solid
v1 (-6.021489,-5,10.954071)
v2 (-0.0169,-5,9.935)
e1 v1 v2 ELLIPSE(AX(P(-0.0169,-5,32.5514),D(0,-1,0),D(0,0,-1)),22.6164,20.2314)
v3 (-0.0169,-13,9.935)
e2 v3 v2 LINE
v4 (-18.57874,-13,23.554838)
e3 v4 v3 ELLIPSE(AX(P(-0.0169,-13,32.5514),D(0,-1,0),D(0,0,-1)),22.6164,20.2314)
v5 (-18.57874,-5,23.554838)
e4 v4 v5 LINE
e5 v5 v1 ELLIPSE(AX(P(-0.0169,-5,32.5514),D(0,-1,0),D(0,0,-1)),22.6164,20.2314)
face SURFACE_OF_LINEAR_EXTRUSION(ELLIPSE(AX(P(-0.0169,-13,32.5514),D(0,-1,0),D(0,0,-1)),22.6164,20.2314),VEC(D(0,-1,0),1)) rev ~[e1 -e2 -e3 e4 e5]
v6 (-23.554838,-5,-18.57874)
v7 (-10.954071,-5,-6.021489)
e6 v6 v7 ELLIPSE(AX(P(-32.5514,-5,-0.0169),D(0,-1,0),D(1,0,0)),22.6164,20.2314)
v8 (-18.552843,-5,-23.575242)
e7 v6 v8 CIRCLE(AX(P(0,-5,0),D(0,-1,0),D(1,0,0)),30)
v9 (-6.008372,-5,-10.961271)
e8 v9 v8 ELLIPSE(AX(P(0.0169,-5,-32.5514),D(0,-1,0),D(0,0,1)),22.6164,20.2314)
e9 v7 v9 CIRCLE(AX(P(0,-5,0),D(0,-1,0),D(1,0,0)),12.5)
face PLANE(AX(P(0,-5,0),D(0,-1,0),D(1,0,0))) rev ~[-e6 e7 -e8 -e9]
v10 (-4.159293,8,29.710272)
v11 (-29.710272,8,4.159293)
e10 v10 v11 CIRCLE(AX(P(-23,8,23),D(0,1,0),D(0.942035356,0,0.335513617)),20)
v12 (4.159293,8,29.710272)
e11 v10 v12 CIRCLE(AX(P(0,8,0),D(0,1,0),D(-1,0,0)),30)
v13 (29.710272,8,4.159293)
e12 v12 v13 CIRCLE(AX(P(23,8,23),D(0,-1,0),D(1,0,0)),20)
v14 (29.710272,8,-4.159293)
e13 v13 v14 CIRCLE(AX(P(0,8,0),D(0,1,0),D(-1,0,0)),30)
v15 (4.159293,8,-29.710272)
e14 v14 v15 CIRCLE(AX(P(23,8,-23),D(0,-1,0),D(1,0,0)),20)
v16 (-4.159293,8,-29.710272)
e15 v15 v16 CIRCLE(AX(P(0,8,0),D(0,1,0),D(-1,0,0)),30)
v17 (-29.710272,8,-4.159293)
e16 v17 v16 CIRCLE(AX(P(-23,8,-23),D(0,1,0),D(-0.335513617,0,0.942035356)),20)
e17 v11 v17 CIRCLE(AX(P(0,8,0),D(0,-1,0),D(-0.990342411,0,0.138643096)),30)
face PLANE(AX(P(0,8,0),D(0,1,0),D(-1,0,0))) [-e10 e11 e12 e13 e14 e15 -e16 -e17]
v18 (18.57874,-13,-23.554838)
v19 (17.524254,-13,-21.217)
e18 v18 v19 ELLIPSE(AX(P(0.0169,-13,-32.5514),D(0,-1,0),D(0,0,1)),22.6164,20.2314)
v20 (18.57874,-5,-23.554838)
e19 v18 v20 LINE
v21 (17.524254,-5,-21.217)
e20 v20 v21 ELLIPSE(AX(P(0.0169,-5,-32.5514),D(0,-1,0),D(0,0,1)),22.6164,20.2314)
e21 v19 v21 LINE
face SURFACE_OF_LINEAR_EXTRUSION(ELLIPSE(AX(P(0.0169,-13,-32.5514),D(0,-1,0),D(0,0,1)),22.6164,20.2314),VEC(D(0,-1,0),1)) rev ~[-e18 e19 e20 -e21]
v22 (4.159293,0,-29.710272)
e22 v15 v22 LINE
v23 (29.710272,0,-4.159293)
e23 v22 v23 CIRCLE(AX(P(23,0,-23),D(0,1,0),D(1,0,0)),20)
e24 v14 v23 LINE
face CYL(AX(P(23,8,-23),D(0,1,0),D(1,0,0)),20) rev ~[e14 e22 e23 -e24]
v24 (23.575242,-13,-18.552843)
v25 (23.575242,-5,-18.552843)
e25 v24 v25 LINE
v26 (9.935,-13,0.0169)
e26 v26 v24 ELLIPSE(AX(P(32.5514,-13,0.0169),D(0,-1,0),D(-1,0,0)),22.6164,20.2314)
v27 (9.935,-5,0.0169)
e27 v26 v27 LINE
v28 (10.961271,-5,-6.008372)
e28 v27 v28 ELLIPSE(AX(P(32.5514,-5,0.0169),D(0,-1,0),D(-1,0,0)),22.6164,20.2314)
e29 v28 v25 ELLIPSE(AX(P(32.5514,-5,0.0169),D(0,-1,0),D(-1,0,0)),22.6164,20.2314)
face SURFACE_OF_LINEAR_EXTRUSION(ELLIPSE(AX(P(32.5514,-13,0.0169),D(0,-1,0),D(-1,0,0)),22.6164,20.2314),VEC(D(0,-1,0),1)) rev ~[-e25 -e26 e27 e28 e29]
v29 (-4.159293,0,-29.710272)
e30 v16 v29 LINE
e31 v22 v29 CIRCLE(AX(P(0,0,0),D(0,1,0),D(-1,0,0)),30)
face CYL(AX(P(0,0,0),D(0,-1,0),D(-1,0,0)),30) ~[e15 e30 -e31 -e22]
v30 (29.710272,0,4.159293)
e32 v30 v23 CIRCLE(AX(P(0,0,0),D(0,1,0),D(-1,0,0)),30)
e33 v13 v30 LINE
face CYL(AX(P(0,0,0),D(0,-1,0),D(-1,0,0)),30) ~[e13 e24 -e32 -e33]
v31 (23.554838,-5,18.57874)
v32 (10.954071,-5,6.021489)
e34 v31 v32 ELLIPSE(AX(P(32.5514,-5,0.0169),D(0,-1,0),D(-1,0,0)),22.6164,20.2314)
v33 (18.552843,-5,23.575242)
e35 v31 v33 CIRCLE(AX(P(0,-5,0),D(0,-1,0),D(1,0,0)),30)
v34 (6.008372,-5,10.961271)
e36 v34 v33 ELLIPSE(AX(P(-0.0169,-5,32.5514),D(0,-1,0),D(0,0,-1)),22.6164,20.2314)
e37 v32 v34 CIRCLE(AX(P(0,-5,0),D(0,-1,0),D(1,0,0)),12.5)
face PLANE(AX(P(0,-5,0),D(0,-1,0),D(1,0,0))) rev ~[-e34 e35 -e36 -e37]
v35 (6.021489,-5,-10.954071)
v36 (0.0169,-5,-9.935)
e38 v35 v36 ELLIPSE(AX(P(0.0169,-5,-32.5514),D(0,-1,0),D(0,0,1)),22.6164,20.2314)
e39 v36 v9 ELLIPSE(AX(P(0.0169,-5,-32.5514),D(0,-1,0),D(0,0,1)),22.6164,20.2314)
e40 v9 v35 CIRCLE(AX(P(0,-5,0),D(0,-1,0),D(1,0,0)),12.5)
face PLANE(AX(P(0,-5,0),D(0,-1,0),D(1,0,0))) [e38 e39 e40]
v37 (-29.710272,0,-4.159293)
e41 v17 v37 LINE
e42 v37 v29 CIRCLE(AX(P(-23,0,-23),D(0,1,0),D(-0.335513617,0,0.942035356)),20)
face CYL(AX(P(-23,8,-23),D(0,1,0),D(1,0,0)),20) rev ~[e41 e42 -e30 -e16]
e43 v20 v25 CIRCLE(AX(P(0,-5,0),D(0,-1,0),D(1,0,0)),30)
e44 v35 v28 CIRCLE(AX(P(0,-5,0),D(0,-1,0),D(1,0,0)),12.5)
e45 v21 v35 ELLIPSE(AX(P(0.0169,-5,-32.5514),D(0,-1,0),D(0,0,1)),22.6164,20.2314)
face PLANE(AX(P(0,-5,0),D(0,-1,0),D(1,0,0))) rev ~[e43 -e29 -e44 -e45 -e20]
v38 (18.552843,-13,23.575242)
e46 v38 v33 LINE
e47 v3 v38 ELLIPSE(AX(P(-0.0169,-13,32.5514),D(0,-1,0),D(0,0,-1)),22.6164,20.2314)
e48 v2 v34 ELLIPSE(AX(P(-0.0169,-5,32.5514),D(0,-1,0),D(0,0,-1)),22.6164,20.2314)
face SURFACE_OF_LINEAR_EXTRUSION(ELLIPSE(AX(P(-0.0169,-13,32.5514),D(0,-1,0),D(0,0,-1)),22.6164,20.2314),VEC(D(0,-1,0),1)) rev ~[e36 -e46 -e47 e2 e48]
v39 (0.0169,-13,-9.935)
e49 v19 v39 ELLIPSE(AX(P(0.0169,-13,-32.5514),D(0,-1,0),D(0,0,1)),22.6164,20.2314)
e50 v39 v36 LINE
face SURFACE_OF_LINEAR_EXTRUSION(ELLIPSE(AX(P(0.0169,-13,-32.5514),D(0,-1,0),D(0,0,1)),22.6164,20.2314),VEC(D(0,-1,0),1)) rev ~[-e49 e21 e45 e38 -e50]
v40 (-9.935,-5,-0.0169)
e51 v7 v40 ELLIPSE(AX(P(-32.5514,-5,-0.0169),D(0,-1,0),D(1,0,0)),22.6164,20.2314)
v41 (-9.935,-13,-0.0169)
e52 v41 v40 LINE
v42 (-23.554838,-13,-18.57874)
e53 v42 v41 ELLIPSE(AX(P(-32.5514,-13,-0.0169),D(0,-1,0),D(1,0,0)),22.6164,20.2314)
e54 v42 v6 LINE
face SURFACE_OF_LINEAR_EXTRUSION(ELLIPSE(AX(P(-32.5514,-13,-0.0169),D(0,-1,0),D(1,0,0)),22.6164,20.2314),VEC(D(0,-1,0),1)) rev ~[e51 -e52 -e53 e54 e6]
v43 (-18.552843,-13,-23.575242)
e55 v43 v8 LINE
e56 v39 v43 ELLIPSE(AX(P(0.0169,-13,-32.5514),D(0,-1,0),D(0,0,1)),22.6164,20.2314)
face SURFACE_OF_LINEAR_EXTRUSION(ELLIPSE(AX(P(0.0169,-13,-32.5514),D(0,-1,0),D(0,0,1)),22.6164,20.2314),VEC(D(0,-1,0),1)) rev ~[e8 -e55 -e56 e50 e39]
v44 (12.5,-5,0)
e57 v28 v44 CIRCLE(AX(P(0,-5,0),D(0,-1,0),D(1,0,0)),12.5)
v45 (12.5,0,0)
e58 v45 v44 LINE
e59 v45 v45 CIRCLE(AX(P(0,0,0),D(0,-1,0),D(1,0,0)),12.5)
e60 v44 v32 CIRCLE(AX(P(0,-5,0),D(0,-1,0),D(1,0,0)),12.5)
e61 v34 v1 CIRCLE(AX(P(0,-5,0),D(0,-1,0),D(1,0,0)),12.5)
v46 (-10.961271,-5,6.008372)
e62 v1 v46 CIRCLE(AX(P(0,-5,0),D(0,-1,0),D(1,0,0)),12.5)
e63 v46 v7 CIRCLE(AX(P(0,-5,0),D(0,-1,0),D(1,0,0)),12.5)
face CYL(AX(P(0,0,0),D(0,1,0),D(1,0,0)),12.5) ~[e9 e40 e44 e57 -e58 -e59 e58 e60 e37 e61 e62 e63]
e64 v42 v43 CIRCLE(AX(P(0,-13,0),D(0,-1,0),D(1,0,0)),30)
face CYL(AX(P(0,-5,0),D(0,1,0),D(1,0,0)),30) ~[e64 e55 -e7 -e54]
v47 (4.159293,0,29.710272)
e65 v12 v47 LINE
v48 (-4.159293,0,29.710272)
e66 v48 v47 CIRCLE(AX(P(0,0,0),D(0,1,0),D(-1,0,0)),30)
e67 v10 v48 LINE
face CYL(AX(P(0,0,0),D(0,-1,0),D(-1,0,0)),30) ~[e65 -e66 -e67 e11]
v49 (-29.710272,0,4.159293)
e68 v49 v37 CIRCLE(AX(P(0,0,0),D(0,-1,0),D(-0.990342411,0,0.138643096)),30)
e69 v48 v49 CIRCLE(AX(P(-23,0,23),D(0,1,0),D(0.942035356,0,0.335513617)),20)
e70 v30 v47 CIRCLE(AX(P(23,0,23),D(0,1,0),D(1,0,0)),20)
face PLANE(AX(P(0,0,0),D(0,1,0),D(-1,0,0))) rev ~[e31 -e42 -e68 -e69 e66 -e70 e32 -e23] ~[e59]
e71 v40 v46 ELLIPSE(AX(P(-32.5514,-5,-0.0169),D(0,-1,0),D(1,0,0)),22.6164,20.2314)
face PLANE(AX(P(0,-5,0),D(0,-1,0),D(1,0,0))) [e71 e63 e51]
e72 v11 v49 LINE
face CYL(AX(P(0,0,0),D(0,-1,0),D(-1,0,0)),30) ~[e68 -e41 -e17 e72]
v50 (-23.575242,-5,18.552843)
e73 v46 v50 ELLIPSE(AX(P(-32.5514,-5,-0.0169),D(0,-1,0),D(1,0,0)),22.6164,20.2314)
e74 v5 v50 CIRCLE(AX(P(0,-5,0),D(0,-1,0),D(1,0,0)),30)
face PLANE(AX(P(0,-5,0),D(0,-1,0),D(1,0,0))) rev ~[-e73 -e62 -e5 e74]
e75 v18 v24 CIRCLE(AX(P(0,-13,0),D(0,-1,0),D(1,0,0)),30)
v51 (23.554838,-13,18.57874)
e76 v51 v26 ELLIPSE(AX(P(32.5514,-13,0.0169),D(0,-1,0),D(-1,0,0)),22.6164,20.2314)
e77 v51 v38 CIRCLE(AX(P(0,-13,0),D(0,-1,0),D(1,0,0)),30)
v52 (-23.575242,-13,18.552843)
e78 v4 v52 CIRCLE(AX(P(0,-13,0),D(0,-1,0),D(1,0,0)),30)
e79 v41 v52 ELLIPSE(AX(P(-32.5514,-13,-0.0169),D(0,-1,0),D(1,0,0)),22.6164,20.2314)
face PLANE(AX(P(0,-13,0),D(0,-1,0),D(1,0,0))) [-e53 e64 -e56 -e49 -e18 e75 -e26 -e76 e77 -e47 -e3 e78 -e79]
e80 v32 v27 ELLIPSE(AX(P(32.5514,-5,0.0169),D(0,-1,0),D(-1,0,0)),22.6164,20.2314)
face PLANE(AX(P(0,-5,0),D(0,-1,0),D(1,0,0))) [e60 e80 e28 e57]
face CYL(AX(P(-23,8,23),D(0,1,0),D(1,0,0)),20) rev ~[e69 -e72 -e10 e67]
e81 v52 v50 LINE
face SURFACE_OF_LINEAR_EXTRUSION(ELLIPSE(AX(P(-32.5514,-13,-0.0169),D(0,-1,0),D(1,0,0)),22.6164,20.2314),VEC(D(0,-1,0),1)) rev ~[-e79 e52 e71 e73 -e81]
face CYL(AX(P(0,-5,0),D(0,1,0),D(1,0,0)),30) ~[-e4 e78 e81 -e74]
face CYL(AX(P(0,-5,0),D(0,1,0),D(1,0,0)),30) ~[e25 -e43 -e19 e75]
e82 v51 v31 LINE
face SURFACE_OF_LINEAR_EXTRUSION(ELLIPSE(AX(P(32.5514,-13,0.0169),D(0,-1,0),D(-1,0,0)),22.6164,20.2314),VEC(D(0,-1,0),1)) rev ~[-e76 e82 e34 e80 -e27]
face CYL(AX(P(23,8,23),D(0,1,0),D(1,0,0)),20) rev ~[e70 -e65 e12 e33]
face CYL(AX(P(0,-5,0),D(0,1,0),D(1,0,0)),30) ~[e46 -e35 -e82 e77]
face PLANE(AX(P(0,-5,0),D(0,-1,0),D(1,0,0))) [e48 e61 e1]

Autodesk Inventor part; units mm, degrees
ref_plane "YZ Plane" through (0, 0, 0) normal (1, 0, 0) x (0, 1, 0)
ref_plane "XZ Plane" through (0, 0, 0) normal (0, 1, 0) x (-1, 0, 0)
ref_plane "XY Plane" through (0, 0, 0) normal (0, 0, 1) x (1, 0, 0)
sketch "スケッチ1" plane through (0, 0, 0) normal (0, 1, 0) x (-1, 0, 0)
  circle A0 centre (0, 0) radius 25
  circle A1 centre (0, 0) radius 30
  dimension "d0" = 50
  dimension "d1" = 60
extrude "押し出し1" add sketch "スケッチ1" along normal blind 8 contours A0 | A1
sketch "スケッチ2" plane through (0, 8, 0) normal (0, 1, 0) x (1, 0, 0)
  circle A0 centre (0, 0) radius 30 projected
  line L0 (0, -30) -> (-30, 0)
  line L1 (-30, 0) -> (0, 30)
  line L2 (0, 30) -> (30, 0)
  line L3 (0, -30) -> (30, 0)
  circle A1 centre (0, 0) radius 30
  circle A2 centre (0, 0) radius 25
  circle A3 centre (-23, 23) radius 20
  circle A4 centre (-23, -23) radius 20
  circle A5 centre (23, -23) radius 20
  circle A6 centre (23, 23) radius 20
  point P0 (-4.1593, 29.7103)
  point P1 (-29.7103, 4.1593)
  dimension "d5" = 50
  dimension "d8" = 23
  dimension "d9" = 23
  dimension "d13" = 360
  dimension "d29" = 40
extrude "押し出し2" cut sketch "スケッチ2" against normal blind 10 contours A6 L2 A2 A0 | A0 A6 | A5 A0 | A0 A5 L3 A2 | A6 A2 L2 | L3 A2 A5 | A2 A6 L2 | L2 A2 | A2 L3 | L3 A2 A5 | L2 A2 A6 | A5 A2 L3 | A3 L1 A2 A0 | A0 A3 | A3 A2 L1 | A4 A0 | A0 A4 L0 A2 | L0 A2 A4 | A3 A2 L1 | A2 L0 A4 | L1 A2 | A2 L0 | L1 A2 A3 | A4 A2 L0
sketch "スケッチ3" plane through (0, 8, 0) normal (0, 1, 0) x (1, 0, 0)
  line L0 (0, -0.0001) -> (0, -29.9755)
  circle A0 centre (-0.0169, 0.0244) radius 30
  line L1 (0, -0.0001) -> (32.5269, -32.527)
  line L2 (32.5269, -32.527) -> (0, -32.527)
  line L3 (21.1924, -21.1926) -> (0, -21.1926)
  ellipse E0 centre (0, -32.527) end of major axis (20.2314, -32.527) minor radius 22.6164
  ellipse E1 centre (32.5345, 0.0414) end of major axis (32.5345, 20.2728) minor radius 22.6164
  ellipse E2 centre (-0.0339, 32.5759) end of major axis (-20.2653, 32.5759) minor radius 22.6164
  ellipse E3 centre (-32.5684, 0.0075) end of major axis (-32.5684, -20.2239) minor radius 22.6164
  point P0 (0, 0)
  point P1 (-4.1509, 30.0937)
  point P2 (-30.9256, 3.319)
  dimension "d50" = 21.1925
  dimension "d51" = 360
sketch "スケッチ4" plane through (0, 0, 0) normal (0, -1, 0) x (1, 0, 0)
  circle A0 centre (0, 0) radius 12.5
  dimension "d15" = 25
extrude "押し出し3" add sketch "スケッチ4" along normal blind 5
sketch "スケッチ5" plane through (0, -5, 0) normal (0, -1, 0) x (1, 0, 0)
  circle A0 centre (0, 0) radius 30
  dimension "d18" = 60
extrude "押し出し4" add sketch "スケッチ5" along normal blind 8
sketch "スケッチ6" plane through (0, -13, 0) normal (0, -1, 0) x (1, 0, 0)
  line L0 (0.0169, -0.0245) -> (0.0169, -30)
  circle A0 centre (0, 0) radius 30 projected
  line L1 (0.0169, -0.0245) -> (32.5438, -32.5514)
  line L2 (32.5438, -32.5514) -> (0.0169, -32.5514)
  line L3 (21.2094, -21.217) -> (0.0169, -21.217)
  ellipse E0 centre (0.0169, -32.5514) end of major axis (20.2483, -32.5514) minor radius 22.6164
  ellipse E1 centre (32.5514, 0.0169) end of major axis (32.5514, 20.2483) minor radius 22.6164
  ellipse E2 centre (-0.0169, 32.5514) end of major axis (-20.2483, 32.5514) minor radius 22.6164
  ellipse E3 centre (-32.5514, -0.0169) end of major axis (-32.5514, -20.2483) minor radius 22.6164
  point P0 (-3.3011, 29.5474)
  point P1 (-30.0758, 2.7727)
  dimension "d43" = 21.1925
  dimension "d46" = 360
extrude "押し出し5" cut sketch "スケッチ6" against normal blind 8 contours E0 L3 L0 | L0 A0 E0 | L3 E0 A0 L0 | A0 E0 | E1 A0 | A0 E1 | E3 A0 | A0 E3 | E2 A0 | A0 E2
